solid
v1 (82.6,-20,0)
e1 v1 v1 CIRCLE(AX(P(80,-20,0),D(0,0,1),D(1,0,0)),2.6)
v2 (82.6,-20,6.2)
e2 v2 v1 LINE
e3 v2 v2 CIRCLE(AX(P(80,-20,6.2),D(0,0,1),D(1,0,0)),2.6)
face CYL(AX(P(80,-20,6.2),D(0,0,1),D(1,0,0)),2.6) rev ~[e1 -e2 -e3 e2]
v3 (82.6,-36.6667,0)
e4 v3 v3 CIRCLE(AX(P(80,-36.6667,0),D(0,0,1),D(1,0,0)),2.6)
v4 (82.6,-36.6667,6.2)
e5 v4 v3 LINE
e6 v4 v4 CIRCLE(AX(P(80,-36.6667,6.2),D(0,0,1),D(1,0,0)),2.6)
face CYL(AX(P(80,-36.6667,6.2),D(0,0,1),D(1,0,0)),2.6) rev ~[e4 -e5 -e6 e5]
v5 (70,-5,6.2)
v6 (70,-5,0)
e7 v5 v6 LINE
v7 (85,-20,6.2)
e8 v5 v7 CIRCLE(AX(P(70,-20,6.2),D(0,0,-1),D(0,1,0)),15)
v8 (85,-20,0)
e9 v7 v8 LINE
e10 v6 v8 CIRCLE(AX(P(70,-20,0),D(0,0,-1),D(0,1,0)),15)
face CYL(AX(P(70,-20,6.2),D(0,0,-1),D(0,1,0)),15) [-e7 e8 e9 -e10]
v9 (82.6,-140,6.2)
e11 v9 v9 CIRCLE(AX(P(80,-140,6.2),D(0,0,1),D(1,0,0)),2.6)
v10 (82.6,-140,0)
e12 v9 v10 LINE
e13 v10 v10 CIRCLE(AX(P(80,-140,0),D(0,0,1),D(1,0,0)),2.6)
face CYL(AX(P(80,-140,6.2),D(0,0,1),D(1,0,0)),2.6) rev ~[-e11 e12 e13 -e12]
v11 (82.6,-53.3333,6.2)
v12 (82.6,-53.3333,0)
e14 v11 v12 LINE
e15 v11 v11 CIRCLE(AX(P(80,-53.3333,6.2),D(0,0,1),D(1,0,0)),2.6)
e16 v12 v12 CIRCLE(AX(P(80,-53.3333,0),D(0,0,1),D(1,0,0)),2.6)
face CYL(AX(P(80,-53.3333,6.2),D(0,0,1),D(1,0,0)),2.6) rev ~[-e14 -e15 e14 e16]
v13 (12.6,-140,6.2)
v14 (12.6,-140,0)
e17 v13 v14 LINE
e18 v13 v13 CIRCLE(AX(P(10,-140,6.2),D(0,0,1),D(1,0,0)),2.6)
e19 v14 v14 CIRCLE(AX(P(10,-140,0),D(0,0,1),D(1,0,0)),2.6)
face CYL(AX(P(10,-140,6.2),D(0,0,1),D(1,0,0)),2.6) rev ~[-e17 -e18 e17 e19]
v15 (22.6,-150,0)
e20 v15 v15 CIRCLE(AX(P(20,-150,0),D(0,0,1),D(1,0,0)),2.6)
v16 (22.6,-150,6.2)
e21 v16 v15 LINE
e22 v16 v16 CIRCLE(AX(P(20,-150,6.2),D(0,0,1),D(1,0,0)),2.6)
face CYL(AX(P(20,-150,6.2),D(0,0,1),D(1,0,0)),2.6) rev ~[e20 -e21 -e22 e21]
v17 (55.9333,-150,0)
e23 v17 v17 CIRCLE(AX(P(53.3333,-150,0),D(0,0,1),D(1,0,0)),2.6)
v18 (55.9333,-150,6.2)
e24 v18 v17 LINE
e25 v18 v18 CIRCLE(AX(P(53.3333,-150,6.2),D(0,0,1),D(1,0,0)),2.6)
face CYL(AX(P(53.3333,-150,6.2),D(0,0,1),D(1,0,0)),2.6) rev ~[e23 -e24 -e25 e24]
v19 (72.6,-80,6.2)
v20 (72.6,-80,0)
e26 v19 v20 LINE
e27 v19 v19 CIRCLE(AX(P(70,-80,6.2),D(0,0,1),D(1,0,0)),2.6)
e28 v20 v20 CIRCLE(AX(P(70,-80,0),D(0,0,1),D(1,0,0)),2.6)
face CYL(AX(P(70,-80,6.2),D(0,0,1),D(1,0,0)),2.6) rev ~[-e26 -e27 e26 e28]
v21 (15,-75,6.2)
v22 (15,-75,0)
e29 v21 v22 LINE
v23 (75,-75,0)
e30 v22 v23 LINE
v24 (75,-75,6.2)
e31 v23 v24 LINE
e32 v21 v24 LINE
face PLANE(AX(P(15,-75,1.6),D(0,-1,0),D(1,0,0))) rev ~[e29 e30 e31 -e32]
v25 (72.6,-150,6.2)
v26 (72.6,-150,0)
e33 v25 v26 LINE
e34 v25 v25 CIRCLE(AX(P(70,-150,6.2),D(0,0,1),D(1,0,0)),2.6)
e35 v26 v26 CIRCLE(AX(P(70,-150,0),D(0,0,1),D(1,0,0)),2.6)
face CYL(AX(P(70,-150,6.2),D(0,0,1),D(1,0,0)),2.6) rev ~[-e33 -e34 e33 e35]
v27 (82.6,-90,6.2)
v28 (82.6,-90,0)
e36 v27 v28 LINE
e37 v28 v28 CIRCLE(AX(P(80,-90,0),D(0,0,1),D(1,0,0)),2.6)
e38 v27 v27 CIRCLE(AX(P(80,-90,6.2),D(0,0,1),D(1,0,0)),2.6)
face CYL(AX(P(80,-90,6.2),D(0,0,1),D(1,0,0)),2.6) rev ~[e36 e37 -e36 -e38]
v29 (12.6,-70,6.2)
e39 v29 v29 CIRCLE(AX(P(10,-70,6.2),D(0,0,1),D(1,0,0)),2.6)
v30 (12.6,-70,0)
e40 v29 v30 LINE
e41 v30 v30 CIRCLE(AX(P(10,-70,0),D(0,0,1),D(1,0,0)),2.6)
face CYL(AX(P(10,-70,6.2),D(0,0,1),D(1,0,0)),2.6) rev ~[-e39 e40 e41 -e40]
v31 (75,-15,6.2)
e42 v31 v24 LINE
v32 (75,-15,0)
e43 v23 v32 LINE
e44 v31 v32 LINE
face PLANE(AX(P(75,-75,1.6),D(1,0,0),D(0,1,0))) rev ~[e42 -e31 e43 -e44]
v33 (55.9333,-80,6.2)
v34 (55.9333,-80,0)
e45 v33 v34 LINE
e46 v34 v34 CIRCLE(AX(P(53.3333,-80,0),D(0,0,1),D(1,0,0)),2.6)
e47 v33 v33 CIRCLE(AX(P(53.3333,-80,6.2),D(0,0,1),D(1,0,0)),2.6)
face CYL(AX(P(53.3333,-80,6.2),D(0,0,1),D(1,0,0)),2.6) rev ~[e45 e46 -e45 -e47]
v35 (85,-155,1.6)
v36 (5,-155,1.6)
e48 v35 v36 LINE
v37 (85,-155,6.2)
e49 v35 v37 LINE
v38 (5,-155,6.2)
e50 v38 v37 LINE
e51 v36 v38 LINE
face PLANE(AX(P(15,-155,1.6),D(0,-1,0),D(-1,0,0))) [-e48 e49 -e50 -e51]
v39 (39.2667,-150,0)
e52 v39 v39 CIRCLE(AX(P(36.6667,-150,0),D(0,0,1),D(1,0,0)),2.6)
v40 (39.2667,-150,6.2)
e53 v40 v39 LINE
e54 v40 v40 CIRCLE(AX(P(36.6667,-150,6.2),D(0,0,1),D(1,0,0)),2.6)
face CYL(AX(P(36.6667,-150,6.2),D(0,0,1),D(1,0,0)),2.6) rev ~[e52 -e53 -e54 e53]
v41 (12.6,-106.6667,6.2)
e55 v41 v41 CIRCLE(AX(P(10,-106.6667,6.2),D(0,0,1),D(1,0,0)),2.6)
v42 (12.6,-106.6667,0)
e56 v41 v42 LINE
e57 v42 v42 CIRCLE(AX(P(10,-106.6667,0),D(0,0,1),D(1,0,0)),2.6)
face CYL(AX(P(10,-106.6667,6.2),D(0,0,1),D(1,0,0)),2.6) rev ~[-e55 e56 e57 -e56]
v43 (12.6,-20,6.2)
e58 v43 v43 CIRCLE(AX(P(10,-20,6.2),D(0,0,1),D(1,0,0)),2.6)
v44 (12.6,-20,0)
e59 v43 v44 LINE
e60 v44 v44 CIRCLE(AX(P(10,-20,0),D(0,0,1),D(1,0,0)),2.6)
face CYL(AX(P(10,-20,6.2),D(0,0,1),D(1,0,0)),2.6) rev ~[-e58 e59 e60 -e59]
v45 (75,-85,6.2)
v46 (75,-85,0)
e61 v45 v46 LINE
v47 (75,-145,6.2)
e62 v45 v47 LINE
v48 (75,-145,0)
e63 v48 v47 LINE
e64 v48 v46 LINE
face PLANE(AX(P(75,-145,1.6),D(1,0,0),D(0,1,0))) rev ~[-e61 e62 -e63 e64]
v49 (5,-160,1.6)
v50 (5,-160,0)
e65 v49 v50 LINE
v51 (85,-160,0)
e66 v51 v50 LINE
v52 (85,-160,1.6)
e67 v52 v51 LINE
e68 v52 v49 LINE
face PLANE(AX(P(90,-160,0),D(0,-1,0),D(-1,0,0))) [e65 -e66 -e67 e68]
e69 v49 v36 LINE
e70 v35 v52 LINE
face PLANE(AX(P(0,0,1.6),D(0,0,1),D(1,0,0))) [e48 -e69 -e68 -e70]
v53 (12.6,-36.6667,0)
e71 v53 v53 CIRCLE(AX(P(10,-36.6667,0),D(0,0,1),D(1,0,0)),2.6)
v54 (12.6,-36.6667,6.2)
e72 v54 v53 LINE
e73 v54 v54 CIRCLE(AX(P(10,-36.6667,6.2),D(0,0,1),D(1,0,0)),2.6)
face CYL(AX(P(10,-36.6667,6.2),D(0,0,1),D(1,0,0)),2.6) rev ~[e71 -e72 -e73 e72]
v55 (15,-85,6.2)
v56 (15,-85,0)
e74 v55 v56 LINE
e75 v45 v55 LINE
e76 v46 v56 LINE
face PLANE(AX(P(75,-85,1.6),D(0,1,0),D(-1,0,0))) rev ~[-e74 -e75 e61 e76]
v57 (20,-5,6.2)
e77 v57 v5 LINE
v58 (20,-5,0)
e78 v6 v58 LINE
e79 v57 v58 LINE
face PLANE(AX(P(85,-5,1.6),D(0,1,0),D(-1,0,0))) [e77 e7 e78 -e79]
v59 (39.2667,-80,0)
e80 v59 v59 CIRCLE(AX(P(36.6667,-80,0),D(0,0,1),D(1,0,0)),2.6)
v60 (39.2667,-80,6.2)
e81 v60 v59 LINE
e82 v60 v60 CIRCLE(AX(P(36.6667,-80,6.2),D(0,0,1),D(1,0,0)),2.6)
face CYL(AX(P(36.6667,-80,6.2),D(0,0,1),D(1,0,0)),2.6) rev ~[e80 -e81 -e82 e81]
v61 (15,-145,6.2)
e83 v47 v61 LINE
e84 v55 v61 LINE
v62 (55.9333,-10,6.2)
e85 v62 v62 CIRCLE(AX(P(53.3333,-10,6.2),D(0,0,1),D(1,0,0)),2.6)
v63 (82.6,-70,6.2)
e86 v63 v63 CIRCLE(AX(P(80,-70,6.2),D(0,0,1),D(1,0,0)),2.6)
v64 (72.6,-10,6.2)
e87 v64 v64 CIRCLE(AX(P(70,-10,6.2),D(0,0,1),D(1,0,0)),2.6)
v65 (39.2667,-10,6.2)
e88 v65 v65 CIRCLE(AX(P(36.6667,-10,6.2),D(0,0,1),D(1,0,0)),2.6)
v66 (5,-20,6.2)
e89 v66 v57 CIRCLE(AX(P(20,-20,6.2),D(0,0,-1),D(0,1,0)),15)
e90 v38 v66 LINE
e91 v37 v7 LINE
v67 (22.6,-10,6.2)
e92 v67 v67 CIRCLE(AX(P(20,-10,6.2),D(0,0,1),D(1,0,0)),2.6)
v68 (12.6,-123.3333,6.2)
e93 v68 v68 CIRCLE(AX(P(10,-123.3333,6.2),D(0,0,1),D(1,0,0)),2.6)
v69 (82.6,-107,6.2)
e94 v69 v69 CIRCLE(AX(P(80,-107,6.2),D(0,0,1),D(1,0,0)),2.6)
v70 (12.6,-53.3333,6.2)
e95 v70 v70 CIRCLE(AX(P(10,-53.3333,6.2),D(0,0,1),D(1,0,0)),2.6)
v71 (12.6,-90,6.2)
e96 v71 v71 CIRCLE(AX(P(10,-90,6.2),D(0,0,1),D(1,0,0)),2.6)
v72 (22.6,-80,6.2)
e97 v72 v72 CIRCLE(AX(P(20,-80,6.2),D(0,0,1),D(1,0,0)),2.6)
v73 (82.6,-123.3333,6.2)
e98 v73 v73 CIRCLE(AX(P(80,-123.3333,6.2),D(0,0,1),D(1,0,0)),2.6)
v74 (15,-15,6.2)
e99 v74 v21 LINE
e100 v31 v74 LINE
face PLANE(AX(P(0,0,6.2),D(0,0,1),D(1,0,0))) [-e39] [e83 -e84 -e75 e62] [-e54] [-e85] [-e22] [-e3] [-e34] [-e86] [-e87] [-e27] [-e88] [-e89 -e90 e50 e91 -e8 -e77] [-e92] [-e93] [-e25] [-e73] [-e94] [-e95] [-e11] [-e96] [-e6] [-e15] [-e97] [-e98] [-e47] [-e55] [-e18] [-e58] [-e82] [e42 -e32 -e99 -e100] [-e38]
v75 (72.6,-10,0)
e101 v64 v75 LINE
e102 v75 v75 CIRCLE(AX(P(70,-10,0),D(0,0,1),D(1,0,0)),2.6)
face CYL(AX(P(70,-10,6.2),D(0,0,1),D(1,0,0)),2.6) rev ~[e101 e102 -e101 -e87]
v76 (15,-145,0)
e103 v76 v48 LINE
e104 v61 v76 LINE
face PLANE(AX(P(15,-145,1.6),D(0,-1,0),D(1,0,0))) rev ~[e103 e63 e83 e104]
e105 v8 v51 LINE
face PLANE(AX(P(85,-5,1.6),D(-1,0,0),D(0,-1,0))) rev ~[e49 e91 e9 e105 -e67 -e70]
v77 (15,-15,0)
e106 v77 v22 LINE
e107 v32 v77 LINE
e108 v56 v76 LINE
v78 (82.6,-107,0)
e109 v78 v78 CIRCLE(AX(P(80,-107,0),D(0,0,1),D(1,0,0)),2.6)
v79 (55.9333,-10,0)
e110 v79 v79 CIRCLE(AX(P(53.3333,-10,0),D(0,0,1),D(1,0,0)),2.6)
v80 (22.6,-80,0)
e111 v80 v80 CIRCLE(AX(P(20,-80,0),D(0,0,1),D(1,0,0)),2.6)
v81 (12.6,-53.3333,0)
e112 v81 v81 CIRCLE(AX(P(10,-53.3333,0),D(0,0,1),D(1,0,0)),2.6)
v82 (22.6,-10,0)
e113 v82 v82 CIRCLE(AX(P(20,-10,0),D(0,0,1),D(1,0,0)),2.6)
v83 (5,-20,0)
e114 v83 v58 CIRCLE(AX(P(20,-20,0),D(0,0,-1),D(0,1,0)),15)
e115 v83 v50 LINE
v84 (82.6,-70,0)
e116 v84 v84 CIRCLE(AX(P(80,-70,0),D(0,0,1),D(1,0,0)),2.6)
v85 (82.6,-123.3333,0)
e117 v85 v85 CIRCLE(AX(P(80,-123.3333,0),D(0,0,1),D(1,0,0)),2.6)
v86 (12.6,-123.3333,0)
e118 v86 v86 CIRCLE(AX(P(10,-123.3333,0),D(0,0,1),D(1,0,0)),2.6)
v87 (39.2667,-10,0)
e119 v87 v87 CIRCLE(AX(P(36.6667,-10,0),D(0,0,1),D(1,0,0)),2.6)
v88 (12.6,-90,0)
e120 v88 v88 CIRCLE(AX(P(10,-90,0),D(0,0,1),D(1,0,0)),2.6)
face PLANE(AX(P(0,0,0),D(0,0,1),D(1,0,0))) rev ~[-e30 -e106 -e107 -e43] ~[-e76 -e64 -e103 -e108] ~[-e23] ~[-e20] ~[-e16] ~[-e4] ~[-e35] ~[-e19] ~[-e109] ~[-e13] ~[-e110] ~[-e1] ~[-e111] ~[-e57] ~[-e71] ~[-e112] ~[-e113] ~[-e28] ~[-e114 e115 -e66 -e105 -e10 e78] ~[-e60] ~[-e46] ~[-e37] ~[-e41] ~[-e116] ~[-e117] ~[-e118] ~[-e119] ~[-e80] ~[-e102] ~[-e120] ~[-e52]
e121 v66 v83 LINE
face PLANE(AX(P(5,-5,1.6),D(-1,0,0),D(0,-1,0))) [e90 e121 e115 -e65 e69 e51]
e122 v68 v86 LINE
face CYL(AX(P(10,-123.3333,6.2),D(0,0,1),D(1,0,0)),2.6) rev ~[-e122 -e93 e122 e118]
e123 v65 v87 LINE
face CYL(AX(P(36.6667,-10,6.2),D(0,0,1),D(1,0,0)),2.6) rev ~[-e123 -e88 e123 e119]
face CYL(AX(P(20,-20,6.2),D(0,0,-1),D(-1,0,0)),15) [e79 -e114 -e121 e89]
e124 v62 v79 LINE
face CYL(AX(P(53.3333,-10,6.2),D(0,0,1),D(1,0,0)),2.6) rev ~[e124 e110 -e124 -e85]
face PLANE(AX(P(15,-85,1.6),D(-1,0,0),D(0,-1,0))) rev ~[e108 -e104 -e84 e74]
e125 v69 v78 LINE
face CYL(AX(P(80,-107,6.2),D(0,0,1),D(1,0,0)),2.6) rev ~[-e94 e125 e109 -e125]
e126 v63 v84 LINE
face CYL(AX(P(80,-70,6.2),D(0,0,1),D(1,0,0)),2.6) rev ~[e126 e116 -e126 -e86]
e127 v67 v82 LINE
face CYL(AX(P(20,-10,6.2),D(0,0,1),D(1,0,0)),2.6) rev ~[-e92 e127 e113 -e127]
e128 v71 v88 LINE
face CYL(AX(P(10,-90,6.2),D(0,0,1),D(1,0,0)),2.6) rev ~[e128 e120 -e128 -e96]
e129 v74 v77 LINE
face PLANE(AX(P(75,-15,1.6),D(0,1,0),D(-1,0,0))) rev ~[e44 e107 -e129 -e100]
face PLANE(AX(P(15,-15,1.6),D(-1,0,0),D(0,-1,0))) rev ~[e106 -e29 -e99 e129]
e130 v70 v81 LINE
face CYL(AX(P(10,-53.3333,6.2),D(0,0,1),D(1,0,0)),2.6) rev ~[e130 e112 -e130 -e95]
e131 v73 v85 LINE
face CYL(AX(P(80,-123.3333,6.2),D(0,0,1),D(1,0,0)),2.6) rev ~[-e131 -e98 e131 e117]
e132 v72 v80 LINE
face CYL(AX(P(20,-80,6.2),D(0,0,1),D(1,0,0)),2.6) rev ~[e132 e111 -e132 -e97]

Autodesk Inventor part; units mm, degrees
ref_plane "YZ Plane" through (0, 0, 0) normal (1, 0, 0) x (0, 1, 0)
ref_plane "XZ Plane" through (0, 0, 0) normal (0, 1, 0) x (-1, 0, 0)
ref_plane "XY Plane" through (0, 0, 0) normal (0, 0, 1) x (1, 0, 0)
sketch "Sketch1" plane through (0, 0, 0) normal (0, 0, 1) x (1, 0, 0)
  line L0 (0, 0) -> (90, 0)
  line L1 (90, 0) -> (90, -160)
  line L2 (90, -160) -> (0, -160)
  line L3 (0, -160) -> (0, 0)
  dimension "d0" = 90
  dimension "d1" = 160
extrude "Extrusion1" add sketch "Sketch1" along normal blind 1.6
sketch "Sketch2" plane through (0, 0, 1.6) normal (0, 0, 1) x (1, 0, 0)
  line L0 (5, -5) -> (85, -5)
  line L1 (85, -5) -> (85, -15)
  line L2 (85, -15) -> (5, -15)
  line L3 (5, -15) -> (5, -5)
  line L4 (90, 0) -> (0, 0) projected
  line L5 (0, 0) -> (0, -160) projected
  line L6 (90, -160) -> (90, 0) projected
  line L7 (5, -5) -> (15, -5)
  line L8 (15, -5) -> (15, -155)
  line L9 (15, -155) -> (5, -155)
  line L10 (5, -155) -> (5, -5)
  line L11 (0, -160) -> (90, -160) projected
  line L12 (5, -155) -> (85, -155)
  line L13 (85, -155) -> (85, -145)
  line L14 (85, -145) -> (5, -145)
  line L15 (5, -145) -> (5, -155)
  line L16 (85, -5) -> (75, -5)
  line L17 (75, -5) -> (75, -155)
  line L18 (75, -155) -> (85, -155)
  line L19 (85, -155) -> (85, -5)
  line L20 (5, -75) -> (85, -75)
  line L21 (85, -75) -> (85, -85)
  line L22 (85, -85) -> (5, -85)
  line L23 (5, -85) -> (5, -75)
  dimension "d4" = 5
  dimension "d5" = 5
  dimension "d6" = 5
  dimension "d7" = 10
  dimension "d8" = 10
  dimension "d9" = 5
  dimension "d10" = 80
  dimension "d11" = 10
  dimension "d12" = 10
  dimension "d13" = 80
  dimension "d14" = 10
  dimension "d15" = 75
extrude "Extrusion2" add sketch "Sketch2" along normal blind 4.6 contours L0 L8 L2 L3 | L0 L17 L2 L8 | L2 L8 L20 L10 | L0 L1 L2 L17 | L20 L8 L22 L10 | L2 L19 L20 L17 | L20 L17 L22 L8 | L22 L8 L14 L10 | L20 L19 L22 L17 | L14 L8 L9 L10 | L22 L19 L14 L17 | L14 L17 L12 L8 | L14 L13 L12 L17
sketch "Sketch3" plane through (0, 0, 6.2) normal (0, 0, 1) x (1, 0, 0)
  circle A0 centre (20, -10) radius 2.6
  circle A1 centre (53.3333, -10) radius 2.6
  circle A2 centre (36.6667, -10) radius 2.6
  circle A3 centre (80, -140) radius 2.6
  circle A4 centre (80, -123.3333) radius 2.6
  circle A5 centre (80, -107) radius 2.6
  circle A6 centre (80, -90) radius 2.6
  circle A7 centre (70, -150) radius 2.6
  circle A8 centre (53.3333, -150) radius 2.6
  circle A9 centre (36.6667, -150) radius 2.6
  circle A10 centre (20, -150) radius 2.6
  circle A11 centre (10, -140) radius 2.6
  circle A12 centre (10, -123.3333) radius 2.6
  circle A13 centre (10, -106.6667) radius 2.6
  circle A14 centre (10, -90) radius 2.6
  circle A15 centre (70, -80) radius 2.6
  circle A16 centre (53.3333, -80) radius 2.6
  circle A17 centre (36.6667, -80) radius 2.6
  circle A18 centre (20, -80) radius 2.6
  circle A19 centre (80, -70) radius 2.6
  circle A20 centre (80, -53.3333) radius 2.6
  circle A21 centre (80, -36.6667) radius 2.6
  circle A22 centre (80, -20) radius 2.6
  circle A23 centre (10, -70) radius 2.6
  circle A24 centre (10, -53.3333) radius 2.6
  circle A25 centre (10, -36.6667) radius 2.6
  circle A26 centre (10, -20) radius 2.6
  circle A27 centre (70, -10) radius 2.6
  line L0 (85, -155) -> (5, -155) projected
  line L1 (85, -5) -> (5, -5) projected
  line L2 (5, -5) -> (5, -155) projected
  line L3 (15, -75) -> (15, -15) projected
  line L4 (75, -15) -> (75, -75) projected
  line L5 (15, -15) -> (75, -15) projected
  line L6 (85, -155) -> (85, -5) projected
  line L7 (15, -85) -> (75, -85) projected
  line L8 (15, -145) -> (15, -85) projected
  point P0 (0, 0)
  point P1 (90, -155)
  dimension "d18" = 5.2
  dimension "d20" = 5.2
  dimension "d21" = 5.2
  dimension "d22" = 5.2
  dimension "d23" = 5.2
  dimension "d24" = 5.2
  dimension "d25" = 5.2
  dimension "d26" = 5.2
  dimension "d27" = 5.2
  dimension "d28" = 5.2
  dimension "d29" = 5.2
  dimension "d30" = 5.2
  dimension "d31" = 5.2
  dimension "d32" = 5.2
  dimension "d33" = 5.2
  dimension "d34" = 5.2
  dimension "d35" = 5.2
  dimension "d36" = 5.2
  dimension "d37" = 5.2
  dimension "d38" = 5.2
  dimension "d39" = 5.2
  dimension "d40" = 5.2
  dimension "d41" = 5.2
  dimension "d42" = 5.2
  dimension "d43" = 5.2
  dimension "d44" = 5.2
  dimension "d45" = 5.2
  dimension "d47" = 5.2
  dimension "d48" = 5
  dimension "d49" = 5
  dimension "d50" = 5
  dimension "d51" = 5
  dimension "d52" = 5
  dimension "d53" = 5
  dimension "d55" = 5
  dimension "d56" = 16.6667
  dimension "d57" = 16.6667
  dimension "d58" = 5
  dimension "d59" = 16.6667
  dimension "d60" = 16.6667
  dimension "d61" = 16.6667
  dimension "d62" = 5
  dimension "d63" = 5
  dimension "d64" = 5
  dimension "d65" = 16.6667
  dimension "d66" = 16.6667
  dimension "d67" = 16.6667
  dimension "d68" = 5
  dimension "d73" = 16.6667
  dimension "d74" = 16.6667
  dimension "d75" = 16.6667
extrude "Extrusion3" cut sketch "Sketch3" against normal through all contours A0 | A1 | A2 | A3 | A4 | A5 | A6 | A7 | A8 | A9 | A10 | A11 | A12 | A13 | A14 | A15 | A16 | A17 | A18 | A19 | A20 | A21 | A22 | A23 | A24 | A25 | A26 | A27
sketch "Sketch4" plane through (0, 0, 1.6) normal (0, 0, 1) x (1, 0, 0)
  line L0 (75, -15) -> (15, -15)
  line L1 (15, -15) -> (15, -75)
  line L2 (15, -75) -> (75, -75)
  line L3 (75, -75) -> (75, -15)
  line L4 (75, -85) -> (15, -85)
  line L5 (15, -85) -> (15, -145)
  line L6 (15, -145) -> (75, -145)
  line L7 (75, -145) -> (75, -85)
  line L8 (0, 0) -> (5, 0)
  line L9 (5, 0) -> (5, -155)
  line L10 (5, -155) -> (0, -155)
  line L11 (0, -155) -> (0, 0)
  line L12 (5, 0) -> (85, 0)
  line L13 (85, 0) -> (85, -5)
  line L14 (85, -5) -> (5, -5)
  line L15 (5, -5) -> (5, 0)
  line L16 (90, 0) -> (85, 0)
  line L17 (85, 0) -> (85, -155)
  line L18 (85, -155) -> (90, -155)
  line L19 (90, -155) -> (90, 0)
  line L20 (90, -160) -> (0, -160) projected
  line L21 (0, -155) -> (5, -155)
  line L22 (5, -155) -> (5, -160)
  line L23 (5, -160) -> (0, -160)
  line L24 (0, -160) -> (0, -155)
  line L25 (85, -155) -> (90, -155)
  line L26 (90, -155) -> (90, -160)
  line L27 (90, -160) -> (85, -160)
  line L28 (85, -160) -> (85, -155)
extrude "Extrusion4" cut sketch "Sketch4" against normal through all contours L3 L2 L1 L0 | L7 L6 L5 L4 | L8 L9 L10 L11 | L12 L13 L14 L9 | L10 L22 L20 L24 | L16 L19 L18 L17 L13 | L18 L26 L20 L28
fillet "Fillet1" radius 15 2 edges at (5, -5, 3.1) (85, -5, 3.1)
properties part number "large edition 3 open"
